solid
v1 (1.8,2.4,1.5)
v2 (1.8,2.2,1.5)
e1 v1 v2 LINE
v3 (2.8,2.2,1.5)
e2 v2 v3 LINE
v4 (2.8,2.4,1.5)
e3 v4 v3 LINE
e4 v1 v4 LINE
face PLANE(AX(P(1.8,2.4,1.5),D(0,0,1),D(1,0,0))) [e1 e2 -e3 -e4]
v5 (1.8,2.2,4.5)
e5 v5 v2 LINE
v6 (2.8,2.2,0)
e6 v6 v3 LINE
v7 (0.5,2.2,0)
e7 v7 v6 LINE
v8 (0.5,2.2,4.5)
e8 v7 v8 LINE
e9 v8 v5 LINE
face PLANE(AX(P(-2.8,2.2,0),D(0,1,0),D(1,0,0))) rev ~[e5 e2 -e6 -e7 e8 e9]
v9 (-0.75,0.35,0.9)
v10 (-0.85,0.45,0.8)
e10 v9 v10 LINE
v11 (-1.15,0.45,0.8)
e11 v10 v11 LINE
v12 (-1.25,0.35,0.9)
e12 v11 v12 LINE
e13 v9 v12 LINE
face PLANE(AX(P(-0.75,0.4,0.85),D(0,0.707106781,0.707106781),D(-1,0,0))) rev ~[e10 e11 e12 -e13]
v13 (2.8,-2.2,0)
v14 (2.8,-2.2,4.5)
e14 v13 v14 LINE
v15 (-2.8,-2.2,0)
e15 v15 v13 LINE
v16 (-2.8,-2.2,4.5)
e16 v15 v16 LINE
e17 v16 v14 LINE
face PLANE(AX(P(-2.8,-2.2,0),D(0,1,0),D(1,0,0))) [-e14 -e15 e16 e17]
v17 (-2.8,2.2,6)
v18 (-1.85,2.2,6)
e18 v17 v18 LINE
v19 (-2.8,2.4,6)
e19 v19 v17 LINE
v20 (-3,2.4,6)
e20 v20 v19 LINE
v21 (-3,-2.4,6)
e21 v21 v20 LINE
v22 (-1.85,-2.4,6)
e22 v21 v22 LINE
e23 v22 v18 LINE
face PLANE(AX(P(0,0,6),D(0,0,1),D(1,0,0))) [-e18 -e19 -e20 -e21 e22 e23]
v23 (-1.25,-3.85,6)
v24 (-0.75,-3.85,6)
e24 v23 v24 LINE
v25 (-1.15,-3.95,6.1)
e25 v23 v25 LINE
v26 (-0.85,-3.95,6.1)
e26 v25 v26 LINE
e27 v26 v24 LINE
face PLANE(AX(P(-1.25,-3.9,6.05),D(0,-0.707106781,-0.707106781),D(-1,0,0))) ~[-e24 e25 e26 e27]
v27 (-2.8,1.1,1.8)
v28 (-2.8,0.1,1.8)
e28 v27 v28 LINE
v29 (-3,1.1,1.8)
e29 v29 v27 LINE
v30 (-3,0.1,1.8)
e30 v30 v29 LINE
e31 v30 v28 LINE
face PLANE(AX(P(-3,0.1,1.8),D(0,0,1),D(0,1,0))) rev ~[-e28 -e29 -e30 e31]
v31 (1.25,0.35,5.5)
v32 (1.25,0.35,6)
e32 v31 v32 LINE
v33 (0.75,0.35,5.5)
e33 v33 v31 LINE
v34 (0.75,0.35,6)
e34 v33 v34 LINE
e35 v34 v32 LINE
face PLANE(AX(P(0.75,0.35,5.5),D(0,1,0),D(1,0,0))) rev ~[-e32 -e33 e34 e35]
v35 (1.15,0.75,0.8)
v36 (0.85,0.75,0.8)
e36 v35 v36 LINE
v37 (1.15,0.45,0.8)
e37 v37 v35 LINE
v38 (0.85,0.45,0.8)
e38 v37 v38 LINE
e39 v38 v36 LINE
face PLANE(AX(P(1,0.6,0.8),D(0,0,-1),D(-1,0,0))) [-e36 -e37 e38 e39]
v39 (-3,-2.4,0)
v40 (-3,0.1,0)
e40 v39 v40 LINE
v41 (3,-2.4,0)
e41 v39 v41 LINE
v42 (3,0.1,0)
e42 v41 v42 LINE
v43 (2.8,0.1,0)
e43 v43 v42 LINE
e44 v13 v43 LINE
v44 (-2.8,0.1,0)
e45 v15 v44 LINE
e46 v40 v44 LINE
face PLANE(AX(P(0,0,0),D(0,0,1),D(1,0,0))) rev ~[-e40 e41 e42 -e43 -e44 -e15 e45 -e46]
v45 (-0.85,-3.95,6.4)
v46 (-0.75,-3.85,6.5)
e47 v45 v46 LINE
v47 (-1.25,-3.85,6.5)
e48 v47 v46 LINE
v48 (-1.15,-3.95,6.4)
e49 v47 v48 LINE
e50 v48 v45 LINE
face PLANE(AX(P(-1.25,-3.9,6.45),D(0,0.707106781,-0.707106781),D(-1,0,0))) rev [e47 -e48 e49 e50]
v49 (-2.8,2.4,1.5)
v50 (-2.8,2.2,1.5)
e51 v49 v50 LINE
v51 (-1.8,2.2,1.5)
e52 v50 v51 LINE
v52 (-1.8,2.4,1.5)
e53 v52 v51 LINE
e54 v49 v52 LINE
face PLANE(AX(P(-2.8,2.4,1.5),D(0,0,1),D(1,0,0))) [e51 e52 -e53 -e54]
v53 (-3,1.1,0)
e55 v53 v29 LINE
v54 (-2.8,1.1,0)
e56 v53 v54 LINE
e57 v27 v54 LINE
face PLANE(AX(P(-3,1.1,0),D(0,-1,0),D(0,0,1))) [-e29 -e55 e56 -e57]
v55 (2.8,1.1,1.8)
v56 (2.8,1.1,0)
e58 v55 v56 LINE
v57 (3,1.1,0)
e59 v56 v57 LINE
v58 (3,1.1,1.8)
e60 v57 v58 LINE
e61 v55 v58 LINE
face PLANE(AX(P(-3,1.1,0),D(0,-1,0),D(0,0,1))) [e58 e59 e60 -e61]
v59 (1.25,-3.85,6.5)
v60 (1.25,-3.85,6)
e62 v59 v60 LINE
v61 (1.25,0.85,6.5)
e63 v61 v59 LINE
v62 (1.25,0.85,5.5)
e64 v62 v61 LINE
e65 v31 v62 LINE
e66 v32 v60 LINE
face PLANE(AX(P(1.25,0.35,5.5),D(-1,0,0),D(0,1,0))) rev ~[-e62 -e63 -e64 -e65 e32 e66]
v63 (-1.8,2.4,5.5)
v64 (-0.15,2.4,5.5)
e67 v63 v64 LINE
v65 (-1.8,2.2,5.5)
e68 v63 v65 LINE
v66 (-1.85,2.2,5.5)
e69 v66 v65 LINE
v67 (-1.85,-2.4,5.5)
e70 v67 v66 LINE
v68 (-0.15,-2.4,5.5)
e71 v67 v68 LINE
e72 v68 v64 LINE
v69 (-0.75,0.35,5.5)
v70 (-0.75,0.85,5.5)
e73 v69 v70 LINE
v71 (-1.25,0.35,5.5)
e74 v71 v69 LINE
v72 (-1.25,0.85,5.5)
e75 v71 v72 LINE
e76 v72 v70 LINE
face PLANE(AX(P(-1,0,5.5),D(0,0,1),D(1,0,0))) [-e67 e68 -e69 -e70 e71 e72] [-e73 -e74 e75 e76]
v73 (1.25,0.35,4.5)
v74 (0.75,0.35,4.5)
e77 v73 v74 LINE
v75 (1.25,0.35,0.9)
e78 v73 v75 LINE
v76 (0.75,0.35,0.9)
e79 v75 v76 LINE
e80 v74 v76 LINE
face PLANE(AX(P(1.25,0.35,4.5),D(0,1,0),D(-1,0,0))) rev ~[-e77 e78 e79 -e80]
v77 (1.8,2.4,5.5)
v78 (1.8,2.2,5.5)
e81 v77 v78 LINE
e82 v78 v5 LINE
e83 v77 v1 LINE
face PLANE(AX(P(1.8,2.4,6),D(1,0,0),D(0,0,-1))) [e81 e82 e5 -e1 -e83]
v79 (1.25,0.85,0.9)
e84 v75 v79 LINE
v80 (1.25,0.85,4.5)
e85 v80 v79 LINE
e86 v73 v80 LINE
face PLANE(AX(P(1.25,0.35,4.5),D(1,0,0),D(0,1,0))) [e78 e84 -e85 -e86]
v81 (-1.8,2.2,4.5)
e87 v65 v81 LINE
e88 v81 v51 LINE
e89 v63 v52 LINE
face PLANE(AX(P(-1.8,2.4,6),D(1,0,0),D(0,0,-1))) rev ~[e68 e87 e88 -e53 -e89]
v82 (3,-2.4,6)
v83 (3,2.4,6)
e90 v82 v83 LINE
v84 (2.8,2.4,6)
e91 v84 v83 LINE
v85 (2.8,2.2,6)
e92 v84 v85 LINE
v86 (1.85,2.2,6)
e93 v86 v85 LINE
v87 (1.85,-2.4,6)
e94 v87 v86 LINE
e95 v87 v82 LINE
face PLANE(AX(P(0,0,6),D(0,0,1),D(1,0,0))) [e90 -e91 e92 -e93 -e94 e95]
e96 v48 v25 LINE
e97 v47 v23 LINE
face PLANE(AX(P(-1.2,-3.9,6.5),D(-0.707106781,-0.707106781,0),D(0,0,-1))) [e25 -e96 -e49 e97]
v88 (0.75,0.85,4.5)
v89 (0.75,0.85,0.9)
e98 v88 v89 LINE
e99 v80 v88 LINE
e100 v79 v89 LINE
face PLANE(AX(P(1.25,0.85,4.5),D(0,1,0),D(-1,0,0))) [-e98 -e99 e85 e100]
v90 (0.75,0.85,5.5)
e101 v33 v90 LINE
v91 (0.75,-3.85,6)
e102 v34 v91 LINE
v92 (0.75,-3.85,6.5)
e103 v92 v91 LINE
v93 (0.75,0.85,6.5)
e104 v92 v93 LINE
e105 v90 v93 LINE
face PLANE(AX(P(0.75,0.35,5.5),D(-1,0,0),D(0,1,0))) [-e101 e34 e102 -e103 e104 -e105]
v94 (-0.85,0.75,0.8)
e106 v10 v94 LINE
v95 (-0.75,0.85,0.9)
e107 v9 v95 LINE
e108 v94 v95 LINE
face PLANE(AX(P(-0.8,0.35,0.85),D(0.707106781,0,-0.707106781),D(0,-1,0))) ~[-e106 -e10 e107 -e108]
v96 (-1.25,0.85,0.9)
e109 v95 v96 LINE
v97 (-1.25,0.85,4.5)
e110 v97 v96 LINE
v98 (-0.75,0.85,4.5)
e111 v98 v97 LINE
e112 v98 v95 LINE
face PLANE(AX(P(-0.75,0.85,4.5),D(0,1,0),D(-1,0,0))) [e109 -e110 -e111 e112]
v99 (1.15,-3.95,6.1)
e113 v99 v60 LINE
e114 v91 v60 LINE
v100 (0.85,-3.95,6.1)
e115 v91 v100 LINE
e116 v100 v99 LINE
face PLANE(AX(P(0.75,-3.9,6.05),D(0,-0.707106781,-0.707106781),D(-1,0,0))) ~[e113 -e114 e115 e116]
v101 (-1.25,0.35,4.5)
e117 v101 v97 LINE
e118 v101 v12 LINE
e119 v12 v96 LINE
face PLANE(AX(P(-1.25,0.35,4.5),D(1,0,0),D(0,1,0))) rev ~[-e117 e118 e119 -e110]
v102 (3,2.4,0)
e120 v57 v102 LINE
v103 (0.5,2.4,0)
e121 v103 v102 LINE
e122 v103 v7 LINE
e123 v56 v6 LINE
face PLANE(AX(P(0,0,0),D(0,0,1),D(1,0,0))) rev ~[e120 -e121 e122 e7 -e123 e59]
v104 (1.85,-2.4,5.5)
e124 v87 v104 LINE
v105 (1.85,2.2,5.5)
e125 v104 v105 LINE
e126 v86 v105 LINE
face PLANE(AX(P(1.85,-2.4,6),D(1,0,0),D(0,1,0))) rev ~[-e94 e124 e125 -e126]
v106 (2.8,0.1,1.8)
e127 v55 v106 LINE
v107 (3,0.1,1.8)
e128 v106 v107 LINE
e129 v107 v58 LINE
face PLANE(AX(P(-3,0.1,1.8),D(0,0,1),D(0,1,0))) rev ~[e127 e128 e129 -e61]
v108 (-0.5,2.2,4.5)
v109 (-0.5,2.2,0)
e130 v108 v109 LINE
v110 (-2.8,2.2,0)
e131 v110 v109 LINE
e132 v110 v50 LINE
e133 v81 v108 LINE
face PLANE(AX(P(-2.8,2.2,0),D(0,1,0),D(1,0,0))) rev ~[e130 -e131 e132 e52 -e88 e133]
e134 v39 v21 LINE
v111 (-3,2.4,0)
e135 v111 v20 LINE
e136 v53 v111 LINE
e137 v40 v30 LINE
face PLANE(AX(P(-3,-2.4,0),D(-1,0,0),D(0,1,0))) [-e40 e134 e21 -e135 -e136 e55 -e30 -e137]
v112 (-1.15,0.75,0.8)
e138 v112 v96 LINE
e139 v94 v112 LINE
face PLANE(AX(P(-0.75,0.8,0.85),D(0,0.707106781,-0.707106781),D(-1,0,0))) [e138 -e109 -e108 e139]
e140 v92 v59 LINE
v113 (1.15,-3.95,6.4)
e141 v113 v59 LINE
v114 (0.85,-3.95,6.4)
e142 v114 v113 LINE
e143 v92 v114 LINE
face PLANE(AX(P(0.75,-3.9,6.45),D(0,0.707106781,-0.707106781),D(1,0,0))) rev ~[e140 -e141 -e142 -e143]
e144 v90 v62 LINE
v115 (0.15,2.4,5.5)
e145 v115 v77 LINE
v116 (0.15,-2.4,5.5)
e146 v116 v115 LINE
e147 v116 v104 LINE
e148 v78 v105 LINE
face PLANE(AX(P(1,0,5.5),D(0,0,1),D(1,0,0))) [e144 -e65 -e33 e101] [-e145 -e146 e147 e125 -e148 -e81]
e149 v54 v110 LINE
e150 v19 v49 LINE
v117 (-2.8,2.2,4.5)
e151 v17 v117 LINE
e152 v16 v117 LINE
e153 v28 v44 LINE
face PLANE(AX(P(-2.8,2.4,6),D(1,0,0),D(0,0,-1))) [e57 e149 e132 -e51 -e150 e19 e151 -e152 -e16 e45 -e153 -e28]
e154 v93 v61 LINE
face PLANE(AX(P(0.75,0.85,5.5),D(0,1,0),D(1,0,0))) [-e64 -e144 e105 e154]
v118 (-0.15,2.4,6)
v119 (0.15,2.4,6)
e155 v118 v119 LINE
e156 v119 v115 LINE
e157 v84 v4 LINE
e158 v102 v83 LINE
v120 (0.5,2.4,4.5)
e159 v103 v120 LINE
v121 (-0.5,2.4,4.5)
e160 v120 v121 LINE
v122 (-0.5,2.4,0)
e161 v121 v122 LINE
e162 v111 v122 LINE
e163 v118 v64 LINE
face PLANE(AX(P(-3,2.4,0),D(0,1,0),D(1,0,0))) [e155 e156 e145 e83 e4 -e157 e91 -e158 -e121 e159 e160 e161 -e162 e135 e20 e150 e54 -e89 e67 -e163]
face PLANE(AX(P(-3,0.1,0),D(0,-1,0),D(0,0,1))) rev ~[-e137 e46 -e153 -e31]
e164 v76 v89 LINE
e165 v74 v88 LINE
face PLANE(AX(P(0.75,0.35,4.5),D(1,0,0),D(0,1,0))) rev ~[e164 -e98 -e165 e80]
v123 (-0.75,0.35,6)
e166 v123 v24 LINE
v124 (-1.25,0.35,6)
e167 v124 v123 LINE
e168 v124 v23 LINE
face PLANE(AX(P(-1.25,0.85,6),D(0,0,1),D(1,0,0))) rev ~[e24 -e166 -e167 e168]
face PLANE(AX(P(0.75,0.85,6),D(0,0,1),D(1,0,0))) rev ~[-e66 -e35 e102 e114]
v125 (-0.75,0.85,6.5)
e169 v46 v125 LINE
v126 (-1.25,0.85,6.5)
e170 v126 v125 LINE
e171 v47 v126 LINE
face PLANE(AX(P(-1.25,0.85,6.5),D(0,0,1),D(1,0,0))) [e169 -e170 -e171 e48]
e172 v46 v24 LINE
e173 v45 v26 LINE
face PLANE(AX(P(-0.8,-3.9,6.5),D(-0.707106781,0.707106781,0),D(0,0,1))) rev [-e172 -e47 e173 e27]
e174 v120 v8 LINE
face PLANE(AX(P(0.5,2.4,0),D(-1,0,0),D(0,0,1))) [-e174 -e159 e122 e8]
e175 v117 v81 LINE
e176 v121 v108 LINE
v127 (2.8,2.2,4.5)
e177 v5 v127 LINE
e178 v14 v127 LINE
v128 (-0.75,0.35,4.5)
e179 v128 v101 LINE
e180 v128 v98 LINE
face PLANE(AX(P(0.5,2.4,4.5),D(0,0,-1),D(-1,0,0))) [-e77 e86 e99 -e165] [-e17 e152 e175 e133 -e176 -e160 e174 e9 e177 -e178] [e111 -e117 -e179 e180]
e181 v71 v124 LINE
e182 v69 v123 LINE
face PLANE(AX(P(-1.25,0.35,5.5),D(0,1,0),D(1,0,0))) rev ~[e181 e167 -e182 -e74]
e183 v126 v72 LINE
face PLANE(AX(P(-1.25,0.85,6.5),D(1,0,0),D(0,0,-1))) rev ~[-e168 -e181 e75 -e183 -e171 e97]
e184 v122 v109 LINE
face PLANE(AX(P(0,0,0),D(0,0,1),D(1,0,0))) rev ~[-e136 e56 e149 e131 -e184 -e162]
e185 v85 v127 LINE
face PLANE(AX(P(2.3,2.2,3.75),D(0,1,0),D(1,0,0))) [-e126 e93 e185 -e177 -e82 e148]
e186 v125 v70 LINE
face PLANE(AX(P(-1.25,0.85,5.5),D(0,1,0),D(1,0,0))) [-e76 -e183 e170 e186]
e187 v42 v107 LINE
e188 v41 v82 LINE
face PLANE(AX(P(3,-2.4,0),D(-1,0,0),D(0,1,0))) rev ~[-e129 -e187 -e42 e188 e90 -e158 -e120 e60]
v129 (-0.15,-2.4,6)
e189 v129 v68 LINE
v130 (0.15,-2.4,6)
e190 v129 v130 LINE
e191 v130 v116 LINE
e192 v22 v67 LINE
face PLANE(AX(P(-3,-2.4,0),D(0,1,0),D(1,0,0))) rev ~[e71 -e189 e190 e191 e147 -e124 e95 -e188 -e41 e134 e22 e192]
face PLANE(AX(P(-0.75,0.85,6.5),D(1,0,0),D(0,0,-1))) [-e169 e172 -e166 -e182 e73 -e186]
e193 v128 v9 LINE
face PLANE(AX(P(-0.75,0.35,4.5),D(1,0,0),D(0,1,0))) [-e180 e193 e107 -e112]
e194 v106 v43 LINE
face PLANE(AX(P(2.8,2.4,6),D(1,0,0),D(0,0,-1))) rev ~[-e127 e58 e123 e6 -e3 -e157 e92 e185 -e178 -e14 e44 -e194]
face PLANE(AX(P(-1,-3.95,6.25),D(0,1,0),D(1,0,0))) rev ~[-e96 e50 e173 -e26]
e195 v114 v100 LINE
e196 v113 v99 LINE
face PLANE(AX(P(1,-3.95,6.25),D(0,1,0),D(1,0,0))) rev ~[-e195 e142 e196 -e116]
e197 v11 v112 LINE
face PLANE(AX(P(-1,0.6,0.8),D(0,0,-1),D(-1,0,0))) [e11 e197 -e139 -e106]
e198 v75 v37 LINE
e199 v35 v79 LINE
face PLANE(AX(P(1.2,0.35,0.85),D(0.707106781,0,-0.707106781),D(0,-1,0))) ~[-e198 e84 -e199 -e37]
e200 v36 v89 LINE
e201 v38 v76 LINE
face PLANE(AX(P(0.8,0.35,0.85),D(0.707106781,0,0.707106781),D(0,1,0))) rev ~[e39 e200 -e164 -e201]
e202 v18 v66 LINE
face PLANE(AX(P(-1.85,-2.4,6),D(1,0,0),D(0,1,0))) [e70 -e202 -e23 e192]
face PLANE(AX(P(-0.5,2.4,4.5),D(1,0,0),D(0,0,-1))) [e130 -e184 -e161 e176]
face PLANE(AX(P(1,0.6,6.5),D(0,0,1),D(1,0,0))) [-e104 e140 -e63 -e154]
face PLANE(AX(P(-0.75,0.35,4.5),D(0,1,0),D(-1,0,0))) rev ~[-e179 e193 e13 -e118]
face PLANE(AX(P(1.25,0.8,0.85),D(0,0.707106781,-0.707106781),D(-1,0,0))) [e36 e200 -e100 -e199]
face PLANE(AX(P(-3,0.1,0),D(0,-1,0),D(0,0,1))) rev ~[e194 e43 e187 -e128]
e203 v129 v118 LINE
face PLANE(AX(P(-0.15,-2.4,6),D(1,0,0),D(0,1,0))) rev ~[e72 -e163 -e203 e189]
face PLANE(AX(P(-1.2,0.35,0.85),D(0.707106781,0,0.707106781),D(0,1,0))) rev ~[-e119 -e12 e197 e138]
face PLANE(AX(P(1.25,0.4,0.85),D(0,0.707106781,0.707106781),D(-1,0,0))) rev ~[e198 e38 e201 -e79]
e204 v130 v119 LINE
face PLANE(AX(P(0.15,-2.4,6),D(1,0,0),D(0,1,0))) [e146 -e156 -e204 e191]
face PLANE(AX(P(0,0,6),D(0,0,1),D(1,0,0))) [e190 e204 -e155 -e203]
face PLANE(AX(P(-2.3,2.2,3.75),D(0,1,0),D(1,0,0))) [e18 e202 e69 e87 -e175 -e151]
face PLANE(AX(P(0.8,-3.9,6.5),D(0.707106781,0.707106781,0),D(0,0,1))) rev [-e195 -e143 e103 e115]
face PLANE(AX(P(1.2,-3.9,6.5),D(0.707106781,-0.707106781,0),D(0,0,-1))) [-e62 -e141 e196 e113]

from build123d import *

# Parameters (mm, degrees)
SKETCH_1_W           = 6
SKETCH_1_H           = 4.8
SKETCH_1_W_2         = 5.6
SKETCH_1_H_2         = 4.4
EXTRUDE_1_DEPTH      = 6
SKETCH_2_W           = 5.6
SKETCH_2_H           = 4.4
EXTRUDE_1_2_DEPTH    = 1.5
SKETCH_3_W           = 1
SKETCH_3_H           = 4.5
CUT_EXTRUDE_1_DEPTH  = 0.2
SKETCH_4_W           = 1.8
SKETCH_4_H           = 1
CUT_EXTRUDE_2_DEPTH  = 9.818163074
SKETCH_5_W           = 0.5
SKETCH_5_H           = 0.5
EXTRUDE_2_DEPTH      = 3.7
SKETCH_7_W           = 1.7
SKETCH_7_H           = 4.8
CUT_EXTRUDE_3_DEPTH  = 0.5
EXTRUDE_3_DEPTH      = 0.5
EXTRUDE_3_DEPTH_BACK = 0.5
SKETCH_6_W           = 0.5
SKETCH_6_H           = 0.5
SKETCH_8_W           = 0.5
SKETCH_8_H           = 0.5
EXTRUDE_4_DEPTH      = 4.8
CHAMFER_1_SIZE       = 0.1


with BuildPart() as part:
    # 草图1 → Extrude 1 (new body)
    with BuildSketch(Plane.XY):
        Rectangle(SKETCH_1_W, SKETCH_1_H)
        Rectangle(SKETCH_1_W_2, SKETCH_1_H_2, mode=Mode.SUBTRACT)
    extrude(amount=EXTRUDE_1_DEPTH)

    # 草图2 → Extrude 1 2 (add)
    with BuildSketch(Plane.XY.offset(6)):
        Rectangle(SKETCH_2_W, SKETCH_2_H)
    extrude(amount=-EXTRUDE_1_2_DEPTH)

    # 草图3 → 切除-拉伸1 (cut)
    with BuildSketch(Plane(origin=(0, 2.4, 0), x_dir=(1, 0, 0), z_dir=(0, 1, 0))):
        Polygon((0, 0), (0.5, 0), (0.5, -4.5), (-0.5, -4.5), (-0.5, 0), align=None)
        with Locations((-2.3, -3.75)):
            Rectangle(SKETCH_3_W, SKETCH_3_H)
        with Locations((2.3, -3.75)):
            Rectangle(SKETCH_3_W, SKETCH_3_H)
    extrude(amount=-CUT_EXTRUDE_1_DEPTH, mode=Mode.SUBTRACT)

    # 草图4 → 切除-拉伸2 (cut, through all)
    with BuildSketch(Plane.ZY.offset(3)):
        with Locations((0.9, 0.6)):
            Rectangle(SKETCH_4_W, SKETCH_4_H)
    extrude(amount=-CUT_EXTRUDE_2_DEPTH, mode=Mode.SUBTRACT)

    # 草图5 → 凸台-拉伸2 (add)
    with BuildSketch(Plane(origin=(0, 0, 4.5), x_dir=(-1, 0, 0), z_dir=(0, 0, -1))):
        with Locations((-1, 0.6)):
            Rectangle(SKETCH_5_W, SKETCH_5_H)
        with Locations((1, 0.6)):
            Rectangle(SKETCH_5_W, SKETCH_5_H)
    extrude(amount=EXTRUDE_2_DEPTH)

    # 草图7 → 切除-拉伸3 (cut)
    with BuildSketch(Plane.XY.offset(6)):
        with Locations((-1, 0)):
            Rectangle(SKETCH_7_W, SKETCH_7_H)
        with Locations((1, 0)):
            Rectangle(SKETCH_7_W, SKETCH_7_H)
    extrude(amount=-CUT_EXTRUDE_3_DEPTH, mode=Mode.SUBTRACT)

    # 草图6 → 凸台-拉伸3 (add, two sides: drawn at the far end of the back side and taken through both)
    with BuildSketch(Plane.XY.offset(6).offset(-EXTRUDE_3_DEPTH_BACK)):
        with Locations((-1, 0.6)):
            Rectangle(SKETCH_6_W, SKETCH_6_H)
        with Locations((1, 0.6)):
            Rectangle(SKETCH_6_W, SKETCH_6_H)
    extrude(amount=EXTRUDE_3_DEPTH + EXTRUDE_3_DEPTH_BACK)

    # 草图8 → 凸台-拉伸4 (add)
    with BuildSketch(Plane(origin=(0, 0.85, 0), x_dir=(1, 0, 0), z_dir=(0, 1, 0))):
        with Locations((-1, -6.25)):
            Rectangle(SKETCH_8_W, SKETCH_8_H)
        with Locations((1, -6.25)):
            Rectangle(SKETCH_8_W, SKETCH_8_H)
    extrude(amount=-EXTRUDE_4_DEPTH)

    # 倒角1
    chamfer_1_edges = [part.edges().sort_by_distance(p)[0] for p in [
        (0.75, 0.6, 0.8),
        (1, 0.85, 0.8),
        (1.25, 0.6, 0.8),
        (1, 0.35, 0.8),
        (-1.25, 0.6, 0.8),
        (-1, 0.85, 0.8),
        (-0.75, 0.6, 0.8),
        (-1, 0.35, 0.8),
        (-1.25, -3.95, 6.25),
        (-1, -3.95, 6),
        (-0.75, -3.95, 6.25),
        (-1, -3.95, 6.5),
        (0.75, -3.95, 6.25),
        (1, -3.95, 6),
        (1.25, -3.95, 6.25),
        (1, -3.95, 6.5),
    ]]
    chamfer(chamfer_1_edges, length=CHAMFER_1_SIZE)


solid = part.part
